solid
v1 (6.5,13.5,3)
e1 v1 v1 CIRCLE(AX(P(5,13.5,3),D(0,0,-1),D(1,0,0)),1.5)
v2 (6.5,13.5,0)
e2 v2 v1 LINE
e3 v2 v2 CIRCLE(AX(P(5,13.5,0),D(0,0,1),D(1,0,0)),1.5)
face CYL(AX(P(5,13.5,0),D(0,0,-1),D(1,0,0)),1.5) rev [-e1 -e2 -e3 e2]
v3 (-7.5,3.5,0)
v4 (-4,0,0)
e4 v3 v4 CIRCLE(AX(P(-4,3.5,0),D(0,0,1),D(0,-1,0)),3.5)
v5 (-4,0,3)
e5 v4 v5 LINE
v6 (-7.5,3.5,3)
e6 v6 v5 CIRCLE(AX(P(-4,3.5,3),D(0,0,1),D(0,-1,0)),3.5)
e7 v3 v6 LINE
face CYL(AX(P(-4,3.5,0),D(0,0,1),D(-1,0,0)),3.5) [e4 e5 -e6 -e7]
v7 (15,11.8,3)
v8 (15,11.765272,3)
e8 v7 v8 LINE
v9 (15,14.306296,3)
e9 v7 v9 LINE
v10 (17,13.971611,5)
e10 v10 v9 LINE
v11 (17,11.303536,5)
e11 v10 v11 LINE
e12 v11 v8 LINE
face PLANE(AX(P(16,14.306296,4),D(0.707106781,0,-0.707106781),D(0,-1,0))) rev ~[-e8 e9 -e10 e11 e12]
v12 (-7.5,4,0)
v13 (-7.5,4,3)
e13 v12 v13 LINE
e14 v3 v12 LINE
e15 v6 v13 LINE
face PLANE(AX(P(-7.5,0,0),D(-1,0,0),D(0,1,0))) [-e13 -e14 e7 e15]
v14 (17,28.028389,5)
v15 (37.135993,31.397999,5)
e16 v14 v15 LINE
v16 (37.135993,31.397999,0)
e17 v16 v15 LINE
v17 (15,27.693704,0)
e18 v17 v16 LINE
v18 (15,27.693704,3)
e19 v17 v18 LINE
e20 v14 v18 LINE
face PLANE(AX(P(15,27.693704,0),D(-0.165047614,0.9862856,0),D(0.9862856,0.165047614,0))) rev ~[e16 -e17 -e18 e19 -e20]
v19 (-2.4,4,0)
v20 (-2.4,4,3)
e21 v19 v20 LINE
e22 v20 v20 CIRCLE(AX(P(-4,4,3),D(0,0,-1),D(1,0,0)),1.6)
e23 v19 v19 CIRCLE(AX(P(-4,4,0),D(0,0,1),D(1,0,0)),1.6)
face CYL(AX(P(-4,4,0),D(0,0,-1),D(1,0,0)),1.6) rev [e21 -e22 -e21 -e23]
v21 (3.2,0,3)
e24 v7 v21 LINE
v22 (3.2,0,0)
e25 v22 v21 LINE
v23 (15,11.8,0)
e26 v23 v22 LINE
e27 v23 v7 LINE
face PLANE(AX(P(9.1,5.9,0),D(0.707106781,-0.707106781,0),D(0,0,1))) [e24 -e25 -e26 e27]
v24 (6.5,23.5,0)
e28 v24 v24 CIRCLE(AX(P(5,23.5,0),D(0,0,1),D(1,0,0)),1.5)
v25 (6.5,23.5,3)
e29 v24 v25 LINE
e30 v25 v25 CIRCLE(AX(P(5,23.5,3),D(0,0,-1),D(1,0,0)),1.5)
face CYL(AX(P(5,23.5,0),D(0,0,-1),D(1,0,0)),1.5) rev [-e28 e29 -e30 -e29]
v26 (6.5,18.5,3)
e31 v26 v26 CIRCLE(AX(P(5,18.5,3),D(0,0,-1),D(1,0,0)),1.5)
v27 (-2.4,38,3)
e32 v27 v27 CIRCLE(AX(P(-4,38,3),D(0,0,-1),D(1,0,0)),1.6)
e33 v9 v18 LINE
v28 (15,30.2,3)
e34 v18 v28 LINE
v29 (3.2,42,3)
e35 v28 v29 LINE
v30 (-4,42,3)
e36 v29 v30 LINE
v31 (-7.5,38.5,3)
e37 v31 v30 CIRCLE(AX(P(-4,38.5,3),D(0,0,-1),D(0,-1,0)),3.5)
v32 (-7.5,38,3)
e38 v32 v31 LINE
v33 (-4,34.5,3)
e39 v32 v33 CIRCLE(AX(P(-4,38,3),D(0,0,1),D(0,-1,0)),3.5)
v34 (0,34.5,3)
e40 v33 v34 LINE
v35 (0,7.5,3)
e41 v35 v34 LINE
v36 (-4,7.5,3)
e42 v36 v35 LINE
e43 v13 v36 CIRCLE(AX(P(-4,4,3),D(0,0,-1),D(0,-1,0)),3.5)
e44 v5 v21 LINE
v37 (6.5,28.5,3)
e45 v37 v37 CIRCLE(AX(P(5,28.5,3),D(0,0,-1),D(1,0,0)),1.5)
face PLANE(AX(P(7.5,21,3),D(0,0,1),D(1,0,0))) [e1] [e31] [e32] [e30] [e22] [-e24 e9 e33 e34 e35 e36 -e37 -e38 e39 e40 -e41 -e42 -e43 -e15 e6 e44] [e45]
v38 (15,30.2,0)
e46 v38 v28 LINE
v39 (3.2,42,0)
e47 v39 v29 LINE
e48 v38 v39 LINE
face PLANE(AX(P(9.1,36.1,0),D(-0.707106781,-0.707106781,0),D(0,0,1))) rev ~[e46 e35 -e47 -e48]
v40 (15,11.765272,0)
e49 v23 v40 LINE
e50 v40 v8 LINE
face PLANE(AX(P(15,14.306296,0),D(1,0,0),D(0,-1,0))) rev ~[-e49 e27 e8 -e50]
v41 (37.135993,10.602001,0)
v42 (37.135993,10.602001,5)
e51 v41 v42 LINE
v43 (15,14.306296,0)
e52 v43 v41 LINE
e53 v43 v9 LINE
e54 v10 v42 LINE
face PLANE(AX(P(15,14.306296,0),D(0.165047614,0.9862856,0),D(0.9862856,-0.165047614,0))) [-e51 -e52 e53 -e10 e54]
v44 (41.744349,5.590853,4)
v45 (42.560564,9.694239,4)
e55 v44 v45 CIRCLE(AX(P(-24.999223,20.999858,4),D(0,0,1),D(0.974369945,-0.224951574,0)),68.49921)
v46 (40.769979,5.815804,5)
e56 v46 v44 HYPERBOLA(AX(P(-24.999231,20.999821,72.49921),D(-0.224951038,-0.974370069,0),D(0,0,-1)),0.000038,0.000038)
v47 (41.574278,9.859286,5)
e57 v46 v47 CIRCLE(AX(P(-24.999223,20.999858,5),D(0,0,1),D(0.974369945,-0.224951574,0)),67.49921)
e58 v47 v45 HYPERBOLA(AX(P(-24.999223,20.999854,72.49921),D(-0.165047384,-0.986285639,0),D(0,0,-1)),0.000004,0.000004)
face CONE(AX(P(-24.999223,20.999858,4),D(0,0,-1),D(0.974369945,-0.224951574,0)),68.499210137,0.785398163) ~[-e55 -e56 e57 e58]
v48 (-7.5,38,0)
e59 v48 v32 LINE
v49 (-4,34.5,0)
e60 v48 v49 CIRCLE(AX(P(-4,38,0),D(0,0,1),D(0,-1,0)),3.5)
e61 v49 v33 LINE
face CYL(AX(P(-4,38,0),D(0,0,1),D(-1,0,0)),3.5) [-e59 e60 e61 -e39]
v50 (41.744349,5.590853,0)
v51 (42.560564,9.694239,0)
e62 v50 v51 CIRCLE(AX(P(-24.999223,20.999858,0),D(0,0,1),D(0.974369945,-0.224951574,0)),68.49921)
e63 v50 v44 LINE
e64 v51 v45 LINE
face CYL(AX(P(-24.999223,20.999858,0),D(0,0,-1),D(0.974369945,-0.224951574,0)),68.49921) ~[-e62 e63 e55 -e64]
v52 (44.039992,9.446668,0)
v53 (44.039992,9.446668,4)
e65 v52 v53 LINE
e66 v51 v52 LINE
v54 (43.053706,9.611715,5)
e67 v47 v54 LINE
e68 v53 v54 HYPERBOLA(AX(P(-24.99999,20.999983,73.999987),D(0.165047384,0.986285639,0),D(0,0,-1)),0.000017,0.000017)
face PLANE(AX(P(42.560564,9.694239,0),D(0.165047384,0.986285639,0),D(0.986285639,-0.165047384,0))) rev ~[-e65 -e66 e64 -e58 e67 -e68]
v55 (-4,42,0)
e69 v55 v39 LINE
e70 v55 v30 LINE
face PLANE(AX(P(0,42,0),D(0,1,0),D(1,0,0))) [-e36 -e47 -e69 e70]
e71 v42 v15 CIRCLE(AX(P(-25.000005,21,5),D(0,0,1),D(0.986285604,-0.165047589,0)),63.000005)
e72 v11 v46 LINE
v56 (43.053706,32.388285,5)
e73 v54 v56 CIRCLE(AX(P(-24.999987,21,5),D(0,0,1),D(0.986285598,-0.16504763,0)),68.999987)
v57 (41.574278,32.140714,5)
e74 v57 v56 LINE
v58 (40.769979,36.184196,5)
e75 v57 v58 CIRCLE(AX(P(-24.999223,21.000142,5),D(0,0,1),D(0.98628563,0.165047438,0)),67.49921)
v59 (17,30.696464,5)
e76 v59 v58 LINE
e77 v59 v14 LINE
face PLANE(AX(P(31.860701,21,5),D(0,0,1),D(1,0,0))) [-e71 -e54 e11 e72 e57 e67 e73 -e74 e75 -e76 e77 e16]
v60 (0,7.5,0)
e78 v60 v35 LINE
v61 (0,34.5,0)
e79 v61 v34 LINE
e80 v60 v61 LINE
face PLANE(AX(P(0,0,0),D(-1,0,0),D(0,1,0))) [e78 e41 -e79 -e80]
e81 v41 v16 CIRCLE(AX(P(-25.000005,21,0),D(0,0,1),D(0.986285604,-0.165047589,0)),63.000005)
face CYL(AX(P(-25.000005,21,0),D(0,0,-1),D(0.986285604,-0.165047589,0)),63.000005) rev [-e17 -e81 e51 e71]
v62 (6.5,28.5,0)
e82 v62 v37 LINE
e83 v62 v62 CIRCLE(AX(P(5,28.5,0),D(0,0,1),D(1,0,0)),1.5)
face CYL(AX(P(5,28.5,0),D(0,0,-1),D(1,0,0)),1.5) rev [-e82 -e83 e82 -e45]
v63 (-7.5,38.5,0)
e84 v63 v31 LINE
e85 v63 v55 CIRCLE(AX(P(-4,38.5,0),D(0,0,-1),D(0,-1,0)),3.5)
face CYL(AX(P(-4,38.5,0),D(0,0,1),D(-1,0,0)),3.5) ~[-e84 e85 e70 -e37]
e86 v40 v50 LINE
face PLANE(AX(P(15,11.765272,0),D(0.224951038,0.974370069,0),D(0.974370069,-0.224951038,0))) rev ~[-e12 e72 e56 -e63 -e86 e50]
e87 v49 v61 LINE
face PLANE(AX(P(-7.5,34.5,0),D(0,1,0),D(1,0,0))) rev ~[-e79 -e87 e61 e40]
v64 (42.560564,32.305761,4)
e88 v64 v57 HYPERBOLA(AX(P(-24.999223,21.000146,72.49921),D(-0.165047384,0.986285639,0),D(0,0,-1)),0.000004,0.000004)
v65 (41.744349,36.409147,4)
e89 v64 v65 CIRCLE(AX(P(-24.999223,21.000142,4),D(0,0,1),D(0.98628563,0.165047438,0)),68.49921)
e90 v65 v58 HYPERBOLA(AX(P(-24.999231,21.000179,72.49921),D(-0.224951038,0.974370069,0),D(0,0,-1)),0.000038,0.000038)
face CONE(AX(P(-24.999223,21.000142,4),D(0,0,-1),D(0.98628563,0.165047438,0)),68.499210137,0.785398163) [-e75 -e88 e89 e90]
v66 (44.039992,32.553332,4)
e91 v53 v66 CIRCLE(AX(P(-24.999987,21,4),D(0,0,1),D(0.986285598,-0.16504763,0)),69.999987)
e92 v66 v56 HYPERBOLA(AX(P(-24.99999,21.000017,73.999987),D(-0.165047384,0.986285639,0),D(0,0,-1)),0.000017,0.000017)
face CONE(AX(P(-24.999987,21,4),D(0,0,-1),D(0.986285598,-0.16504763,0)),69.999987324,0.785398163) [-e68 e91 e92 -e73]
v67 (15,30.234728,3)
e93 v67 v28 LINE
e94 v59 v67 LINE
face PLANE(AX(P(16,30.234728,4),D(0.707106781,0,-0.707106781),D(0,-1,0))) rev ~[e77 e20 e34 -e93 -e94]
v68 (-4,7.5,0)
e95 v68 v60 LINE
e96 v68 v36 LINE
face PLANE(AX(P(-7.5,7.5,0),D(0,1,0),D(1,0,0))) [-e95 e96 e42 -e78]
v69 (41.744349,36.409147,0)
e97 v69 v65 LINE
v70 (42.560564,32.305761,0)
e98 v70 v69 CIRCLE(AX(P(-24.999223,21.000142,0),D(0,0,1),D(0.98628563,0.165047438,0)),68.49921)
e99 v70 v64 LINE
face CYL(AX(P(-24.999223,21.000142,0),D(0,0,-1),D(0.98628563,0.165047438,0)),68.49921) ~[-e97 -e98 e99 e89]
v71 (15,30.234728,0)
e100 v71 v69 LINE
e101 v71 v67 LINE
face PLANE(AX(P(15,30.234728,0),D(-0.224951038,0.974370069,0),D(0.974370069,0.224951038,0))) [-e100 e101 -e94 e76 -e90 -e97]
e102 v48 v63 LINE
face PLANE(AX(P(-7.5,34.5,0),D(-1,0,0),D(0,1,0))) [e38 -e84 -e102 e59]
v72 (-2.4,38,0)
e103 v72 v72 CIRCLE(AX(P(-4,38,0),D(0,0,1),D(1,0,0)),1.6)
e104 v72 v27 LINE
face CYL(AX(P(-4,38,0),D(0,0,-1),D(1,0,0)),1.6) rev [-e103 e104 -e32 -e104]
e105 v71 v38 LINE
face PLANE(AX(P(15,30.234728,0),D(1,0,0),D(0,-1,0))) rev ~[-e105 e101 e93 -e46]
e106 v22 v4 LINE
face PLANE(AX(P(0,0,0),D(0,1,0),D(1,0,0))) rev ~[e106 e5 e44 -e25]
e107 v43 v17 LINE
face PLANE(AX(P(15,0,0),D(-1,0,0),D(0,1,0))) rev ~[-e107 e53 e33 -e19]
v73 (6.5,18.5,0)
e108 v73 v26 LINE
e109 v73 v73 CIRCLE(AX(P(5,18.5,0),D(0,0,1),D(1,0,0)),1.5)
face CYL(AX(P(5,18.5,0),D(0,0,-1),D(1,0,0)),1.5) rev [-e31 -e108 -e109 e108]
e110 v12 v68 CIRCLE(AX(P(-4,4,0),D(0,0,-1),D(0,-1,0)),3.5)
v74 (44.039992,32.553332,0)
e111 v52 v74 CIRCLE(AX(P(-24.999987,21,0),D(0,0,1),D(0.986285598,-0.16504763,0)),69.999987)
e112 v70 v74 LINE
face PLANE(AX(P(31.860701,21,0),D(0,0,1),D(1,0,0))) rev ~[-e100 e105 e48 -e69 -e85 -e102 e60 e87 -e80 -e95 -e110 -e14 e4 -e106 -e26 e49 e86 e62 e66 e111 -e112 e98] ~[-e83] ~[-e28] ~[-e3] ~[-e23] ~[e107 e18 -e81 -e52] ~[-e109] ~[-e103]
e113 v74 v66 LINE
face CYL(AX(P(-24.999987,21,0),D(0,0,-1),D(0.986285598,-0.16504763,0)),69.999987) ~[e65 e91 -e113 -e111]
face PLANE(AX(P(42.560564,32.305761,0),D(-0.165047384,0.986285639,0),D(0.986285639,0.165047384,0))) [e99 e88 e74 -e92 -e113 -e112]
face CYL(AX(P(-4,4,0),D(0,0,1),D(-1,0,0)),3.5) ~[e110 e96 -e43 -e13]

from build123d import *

# Parameters (mm, degrees)
CYLINDER_R        = 1.6
CYLINDER_DEPTH    = 10
BOX001_W          = 7.5
BOX001_H          = 7.5
BOX001_DEPTH      = 3
FILLET002_R       = 3.5
FILLET003_R       = 3.5
CYLINDER005_R     = 1.5
CYLINDER005_DEPTH = 10
CYLINDER004_R     = 1.5
CYLINDER004_DEPTH = 10
CYLINDER003_R     = 1.5
CYLINDER003_DEPTH = 10
CYLINDER002_R     = 1.5
CYLINDER002_DEPTH = 10
BOX_W             = 15
BOX_H             = 42
BOX_DEPTH         = 3
CHAMFER005_SIZE   = 11.8
CHAMFER006_SIZE   = 11.8
PAD_DEPTH         = 5
CHAMFER_SIZE      = 1
CHAMFER001_SIZE   = 1
CHAMFER002_SIZE   = 1
CHAMFER003_SIZE   = 2
CHAMFER004_SIZE   = 2
CYLINDER001_R     = 1.6
CYLINDER001_DEPTH = 10
BOX002_W          = 7.5
BOX002_H          = 7.5
BOX002_DEPTH      = 3
FILLET_R          = 3.5
FILLET001_R       = 3.5


with BuildPart() as cylinder:
    # Cylinder → Cylinder (new body)
    with BuildSketch(Plane(origin=(-4, 4, 0), x_dir=(1, 0, 0), z_dir=(0, 0, 1))):
        Circle(CYLINDER_R)
    extrude(amount=CYLINDER_DEPTH)


with BuildPart() as cut001:
    # Box001 → Box001 (new body)
    with BuildSketch(Plane(origin=(-7.5, 0, 0), x_dir=(1, 0, 0), z_dir=(0, 0, 1))):
        with Locations((3.75, 3.75)):
            Rectangle(BOX001_W, BOX001_H)
    extrude(amount=BOX001_DEPTH)

    # Fillet002
    fillet002_edges = [cut001.edges().sort_by_distance(p)[0] for p in [
        (-7.5, 7.5, 1.5),
    ]]
    fillet(fillet002_edges, radius=FILLET002_R)

    # Fillet003
    fillet003_edges = [cut001.edges().sort_by_distance(p)[0] for p in [
        (-7.5, 0, 1.5),
    ]]
    fillet(fillet003_edges, radius=FILLET003_R)

    # Cut001: cut Cylinder
    add(cylinder.part, mode=Mode.SUBTRACT)


with BuildPart() as cylinder005:
    # Cylinder005 → Cylinder005 (new body)
    with BuildSketch(Plane(origin=(5, 18.5, 0), x_dir=(1, 0, 0), z_dir=(0, 0, 1))):
        Circle(CYLINDER005_R)
    extrude(amount=CYLINDER005_DEPTH)


with BuildPart() as cylinder004:
    # Cylinder004 → Cylinder004 (new body)
    with BuildSketch(Plane(origin=(5, 23.5, 0), x_dir=(1, 0, 0), z_dir=(0, 0, 1))):
        Circle(CYLINDER004_R)
    extrude(amount=CYLINDER004_DEPTH)


with BuildPart() as cylinder003:
    # Cylinder003 → Cylinder003 (new body)
    with BuildSketch(Plane(origin=(5, 28.5, 0), x_dir=(1, 0, 0), z_dir=(0, 0, 1))):
        Circle(CYLINDER003_R)
    extrude(amount=CYLINDER003_DEPTH)


with BuildPart() as cylinder002:
    # Cylinder002 → Cylinder002 (new body)
    with BuildSketch(Plane(origin=(5, 13.5, 0), x_dir=(1, 0, 0), z_dir=(0, 0, 1))):
        Circle(CYLINDER002_R)
    extrude(amount=CYLINDER002_DEPTH)


with BuildPart() as cut005:
    # Box → Box (new body)
    with BuildSketch(Plane.XY):
        with Locations((7.5, 21)):
            Rectangle(BOX_W, BOX_H)
    extrude(amount=BOX_DEPTH)

    # Chamfer005
    chamfer005_edges = [cut005.edges().sort_by_distance(p)[0] for p in [
        (15, 42, 1.5),
    ]]
    chamfer(chamfer005_edges, length=CHAMFER005_SIZE)

    # Chamfer006
    chamfer006_edges = [cut005.edges().sort_by_distance(p)[0] for p in [
        (15, 0, 1.5),
    ]]
    chamfer(chamfer006_edges, length=CHAMFER006_SIZE)

    # Cut002: cut Cylinder002
    add(cylinder002.part, mode=Mode.SUBTRACT)

    # Cut003: cut Cylinder003
    add(cylinder003.part, mode=Mode.SUBTRACT)

    # Cut004: cut Cylinder004
    add(cylinder004.part, mode=Mode.SUBTRACT)

    # Cut005: cut Cylinder005
    add(cylinder005.part, mode=Mode.SUBTRACT)


with BuildPart() as chamfer004:
    # Sketch → Pad (new body)
    with BuildSketch(Plane(origin=(-25, 21, 0), x_dir=(1, 0, 0), z_dir=(0, 0, 1))):
        with BuildLine():
            ThreePointArc((66.744349, -15.409147), (67.183792, -13.363687), (67.560564, -11.305761))
            Line((67.560564, -11.305761), (69.039992, -11.553332))
            ThreePointArc((69.039992, -11.553332), (70, 0), (69.039992, 11.553332))
            Line((67.560564, 11.305761), (69.039992, 11.553332))
            ThreePointArc((67.560564, 11.305761), (67.183792, 13.363687), (66.744349, 15.409147))
            Line((40, 9.234728), (66.744349, 15.409147))
            Line((40, 9.234728), (40, 6.693704))
            Line((40, 6.693704), (62.135993, 10.397999))
            ThreePointArc((62.135993, -10.397999), (63, 0), (62.135993, 10.397999))
            Line((40, -6.693704), (62.135993, -10.397999))
            Line((40, -6.693704), (40, -9.234728))
            Line((40, -9.234728), (66.744349, -15.409147))
        make_face()
    extrude(amount=PAD_DEPTH)

    # Chamfer
    chamfer_edges = [chamfer004.edges().sort_by_distance(p)[0] for p in [
        (42.183792, 34.363687, 5),
    ]]
    chamfer(chamfer_edges, length=CHAMFER_SIZE)

    # Chamfer001
    chamfer001_edges = [chamfer004.edges().sort_by_distance(p)[0] for p in [
        (45, 21, 5),
    ]]
    chamfer(chamfer001_edges, length=CHAMFER001_SIZE)

    # Chamfer002
    chamfer002_edges = [chamfer004.edges().sort_by_distance(p)[0] for p in [
        (42.183792, 7.636313, 5),
    ]]
    chamfer(chamfer002_edges, length=CHAMFER002_SIZE)

    # Chamfer003
    chamfer003_edges = [chamfer004.edges().sort_by_distance(p)[0] for p in [
        (15, 28.964216, 5),
    ]]
    chamfer(chamfer003_edges, length=CHAMFER003_SIZE)

    # Chamfer004
    chamfer004_edges = [chamfer004.edges().sort_by_distance(p)[0] for p in [
        (15, 13.035784, 5),
    ]]
    chamfer(chamfer004_edges, length=CHAMFER004_SIZE)


with BuildPart() as cylinder001:
    # Cylinder001 → Cylinder001 (new body)
    with BuildSketch(Plane(origin=(-4, 38, 0), x_dir=(1, 0, 0), z_dir=(0, 0, 1))):
        Circle(CYLINDER001_R)
    extrude(amount=CYLINDER001_DEPTH)


with BuildPart() as fusion:
    # Box002 → Box002 (new body)
    with BuildSketch(Plane(origin=(-7.5, 34.5, 0), x_dir=(1, 0, 0), z_dir=(0, 0, 1))):
        with Locations((3.75, 3.75)):
            Rectangle(BOX002_W, BOX002_H)
    extrude(amount=BOX002_DEPTH)

    # Fillet
    fillet_edges = [fusion.edges().sort_by_distance(p)[0] for p in [
        (-7.5, 34.5, 1.5),
    ]]
    fillet(fillet_edges, radius=FILLET_R)

    # Fillet001
    fillet001_edges = [fusion.edges().sort_by_distance(p)[0] for p in [
        (-7.5, 42, 1.5),
    ]]
    fillet(fillet001_edges, radius=FILLET001_R)

    # Cut: cut Cylinder001
    add(cylinder001.part, mode=Mode.SUBTRACT)

    # Fusion: union Cut001, Cut005, Chamfer004
    add(cut001.part)
    add(cut005.part)
    add(chamfer004.part)


solid = fusion.part
